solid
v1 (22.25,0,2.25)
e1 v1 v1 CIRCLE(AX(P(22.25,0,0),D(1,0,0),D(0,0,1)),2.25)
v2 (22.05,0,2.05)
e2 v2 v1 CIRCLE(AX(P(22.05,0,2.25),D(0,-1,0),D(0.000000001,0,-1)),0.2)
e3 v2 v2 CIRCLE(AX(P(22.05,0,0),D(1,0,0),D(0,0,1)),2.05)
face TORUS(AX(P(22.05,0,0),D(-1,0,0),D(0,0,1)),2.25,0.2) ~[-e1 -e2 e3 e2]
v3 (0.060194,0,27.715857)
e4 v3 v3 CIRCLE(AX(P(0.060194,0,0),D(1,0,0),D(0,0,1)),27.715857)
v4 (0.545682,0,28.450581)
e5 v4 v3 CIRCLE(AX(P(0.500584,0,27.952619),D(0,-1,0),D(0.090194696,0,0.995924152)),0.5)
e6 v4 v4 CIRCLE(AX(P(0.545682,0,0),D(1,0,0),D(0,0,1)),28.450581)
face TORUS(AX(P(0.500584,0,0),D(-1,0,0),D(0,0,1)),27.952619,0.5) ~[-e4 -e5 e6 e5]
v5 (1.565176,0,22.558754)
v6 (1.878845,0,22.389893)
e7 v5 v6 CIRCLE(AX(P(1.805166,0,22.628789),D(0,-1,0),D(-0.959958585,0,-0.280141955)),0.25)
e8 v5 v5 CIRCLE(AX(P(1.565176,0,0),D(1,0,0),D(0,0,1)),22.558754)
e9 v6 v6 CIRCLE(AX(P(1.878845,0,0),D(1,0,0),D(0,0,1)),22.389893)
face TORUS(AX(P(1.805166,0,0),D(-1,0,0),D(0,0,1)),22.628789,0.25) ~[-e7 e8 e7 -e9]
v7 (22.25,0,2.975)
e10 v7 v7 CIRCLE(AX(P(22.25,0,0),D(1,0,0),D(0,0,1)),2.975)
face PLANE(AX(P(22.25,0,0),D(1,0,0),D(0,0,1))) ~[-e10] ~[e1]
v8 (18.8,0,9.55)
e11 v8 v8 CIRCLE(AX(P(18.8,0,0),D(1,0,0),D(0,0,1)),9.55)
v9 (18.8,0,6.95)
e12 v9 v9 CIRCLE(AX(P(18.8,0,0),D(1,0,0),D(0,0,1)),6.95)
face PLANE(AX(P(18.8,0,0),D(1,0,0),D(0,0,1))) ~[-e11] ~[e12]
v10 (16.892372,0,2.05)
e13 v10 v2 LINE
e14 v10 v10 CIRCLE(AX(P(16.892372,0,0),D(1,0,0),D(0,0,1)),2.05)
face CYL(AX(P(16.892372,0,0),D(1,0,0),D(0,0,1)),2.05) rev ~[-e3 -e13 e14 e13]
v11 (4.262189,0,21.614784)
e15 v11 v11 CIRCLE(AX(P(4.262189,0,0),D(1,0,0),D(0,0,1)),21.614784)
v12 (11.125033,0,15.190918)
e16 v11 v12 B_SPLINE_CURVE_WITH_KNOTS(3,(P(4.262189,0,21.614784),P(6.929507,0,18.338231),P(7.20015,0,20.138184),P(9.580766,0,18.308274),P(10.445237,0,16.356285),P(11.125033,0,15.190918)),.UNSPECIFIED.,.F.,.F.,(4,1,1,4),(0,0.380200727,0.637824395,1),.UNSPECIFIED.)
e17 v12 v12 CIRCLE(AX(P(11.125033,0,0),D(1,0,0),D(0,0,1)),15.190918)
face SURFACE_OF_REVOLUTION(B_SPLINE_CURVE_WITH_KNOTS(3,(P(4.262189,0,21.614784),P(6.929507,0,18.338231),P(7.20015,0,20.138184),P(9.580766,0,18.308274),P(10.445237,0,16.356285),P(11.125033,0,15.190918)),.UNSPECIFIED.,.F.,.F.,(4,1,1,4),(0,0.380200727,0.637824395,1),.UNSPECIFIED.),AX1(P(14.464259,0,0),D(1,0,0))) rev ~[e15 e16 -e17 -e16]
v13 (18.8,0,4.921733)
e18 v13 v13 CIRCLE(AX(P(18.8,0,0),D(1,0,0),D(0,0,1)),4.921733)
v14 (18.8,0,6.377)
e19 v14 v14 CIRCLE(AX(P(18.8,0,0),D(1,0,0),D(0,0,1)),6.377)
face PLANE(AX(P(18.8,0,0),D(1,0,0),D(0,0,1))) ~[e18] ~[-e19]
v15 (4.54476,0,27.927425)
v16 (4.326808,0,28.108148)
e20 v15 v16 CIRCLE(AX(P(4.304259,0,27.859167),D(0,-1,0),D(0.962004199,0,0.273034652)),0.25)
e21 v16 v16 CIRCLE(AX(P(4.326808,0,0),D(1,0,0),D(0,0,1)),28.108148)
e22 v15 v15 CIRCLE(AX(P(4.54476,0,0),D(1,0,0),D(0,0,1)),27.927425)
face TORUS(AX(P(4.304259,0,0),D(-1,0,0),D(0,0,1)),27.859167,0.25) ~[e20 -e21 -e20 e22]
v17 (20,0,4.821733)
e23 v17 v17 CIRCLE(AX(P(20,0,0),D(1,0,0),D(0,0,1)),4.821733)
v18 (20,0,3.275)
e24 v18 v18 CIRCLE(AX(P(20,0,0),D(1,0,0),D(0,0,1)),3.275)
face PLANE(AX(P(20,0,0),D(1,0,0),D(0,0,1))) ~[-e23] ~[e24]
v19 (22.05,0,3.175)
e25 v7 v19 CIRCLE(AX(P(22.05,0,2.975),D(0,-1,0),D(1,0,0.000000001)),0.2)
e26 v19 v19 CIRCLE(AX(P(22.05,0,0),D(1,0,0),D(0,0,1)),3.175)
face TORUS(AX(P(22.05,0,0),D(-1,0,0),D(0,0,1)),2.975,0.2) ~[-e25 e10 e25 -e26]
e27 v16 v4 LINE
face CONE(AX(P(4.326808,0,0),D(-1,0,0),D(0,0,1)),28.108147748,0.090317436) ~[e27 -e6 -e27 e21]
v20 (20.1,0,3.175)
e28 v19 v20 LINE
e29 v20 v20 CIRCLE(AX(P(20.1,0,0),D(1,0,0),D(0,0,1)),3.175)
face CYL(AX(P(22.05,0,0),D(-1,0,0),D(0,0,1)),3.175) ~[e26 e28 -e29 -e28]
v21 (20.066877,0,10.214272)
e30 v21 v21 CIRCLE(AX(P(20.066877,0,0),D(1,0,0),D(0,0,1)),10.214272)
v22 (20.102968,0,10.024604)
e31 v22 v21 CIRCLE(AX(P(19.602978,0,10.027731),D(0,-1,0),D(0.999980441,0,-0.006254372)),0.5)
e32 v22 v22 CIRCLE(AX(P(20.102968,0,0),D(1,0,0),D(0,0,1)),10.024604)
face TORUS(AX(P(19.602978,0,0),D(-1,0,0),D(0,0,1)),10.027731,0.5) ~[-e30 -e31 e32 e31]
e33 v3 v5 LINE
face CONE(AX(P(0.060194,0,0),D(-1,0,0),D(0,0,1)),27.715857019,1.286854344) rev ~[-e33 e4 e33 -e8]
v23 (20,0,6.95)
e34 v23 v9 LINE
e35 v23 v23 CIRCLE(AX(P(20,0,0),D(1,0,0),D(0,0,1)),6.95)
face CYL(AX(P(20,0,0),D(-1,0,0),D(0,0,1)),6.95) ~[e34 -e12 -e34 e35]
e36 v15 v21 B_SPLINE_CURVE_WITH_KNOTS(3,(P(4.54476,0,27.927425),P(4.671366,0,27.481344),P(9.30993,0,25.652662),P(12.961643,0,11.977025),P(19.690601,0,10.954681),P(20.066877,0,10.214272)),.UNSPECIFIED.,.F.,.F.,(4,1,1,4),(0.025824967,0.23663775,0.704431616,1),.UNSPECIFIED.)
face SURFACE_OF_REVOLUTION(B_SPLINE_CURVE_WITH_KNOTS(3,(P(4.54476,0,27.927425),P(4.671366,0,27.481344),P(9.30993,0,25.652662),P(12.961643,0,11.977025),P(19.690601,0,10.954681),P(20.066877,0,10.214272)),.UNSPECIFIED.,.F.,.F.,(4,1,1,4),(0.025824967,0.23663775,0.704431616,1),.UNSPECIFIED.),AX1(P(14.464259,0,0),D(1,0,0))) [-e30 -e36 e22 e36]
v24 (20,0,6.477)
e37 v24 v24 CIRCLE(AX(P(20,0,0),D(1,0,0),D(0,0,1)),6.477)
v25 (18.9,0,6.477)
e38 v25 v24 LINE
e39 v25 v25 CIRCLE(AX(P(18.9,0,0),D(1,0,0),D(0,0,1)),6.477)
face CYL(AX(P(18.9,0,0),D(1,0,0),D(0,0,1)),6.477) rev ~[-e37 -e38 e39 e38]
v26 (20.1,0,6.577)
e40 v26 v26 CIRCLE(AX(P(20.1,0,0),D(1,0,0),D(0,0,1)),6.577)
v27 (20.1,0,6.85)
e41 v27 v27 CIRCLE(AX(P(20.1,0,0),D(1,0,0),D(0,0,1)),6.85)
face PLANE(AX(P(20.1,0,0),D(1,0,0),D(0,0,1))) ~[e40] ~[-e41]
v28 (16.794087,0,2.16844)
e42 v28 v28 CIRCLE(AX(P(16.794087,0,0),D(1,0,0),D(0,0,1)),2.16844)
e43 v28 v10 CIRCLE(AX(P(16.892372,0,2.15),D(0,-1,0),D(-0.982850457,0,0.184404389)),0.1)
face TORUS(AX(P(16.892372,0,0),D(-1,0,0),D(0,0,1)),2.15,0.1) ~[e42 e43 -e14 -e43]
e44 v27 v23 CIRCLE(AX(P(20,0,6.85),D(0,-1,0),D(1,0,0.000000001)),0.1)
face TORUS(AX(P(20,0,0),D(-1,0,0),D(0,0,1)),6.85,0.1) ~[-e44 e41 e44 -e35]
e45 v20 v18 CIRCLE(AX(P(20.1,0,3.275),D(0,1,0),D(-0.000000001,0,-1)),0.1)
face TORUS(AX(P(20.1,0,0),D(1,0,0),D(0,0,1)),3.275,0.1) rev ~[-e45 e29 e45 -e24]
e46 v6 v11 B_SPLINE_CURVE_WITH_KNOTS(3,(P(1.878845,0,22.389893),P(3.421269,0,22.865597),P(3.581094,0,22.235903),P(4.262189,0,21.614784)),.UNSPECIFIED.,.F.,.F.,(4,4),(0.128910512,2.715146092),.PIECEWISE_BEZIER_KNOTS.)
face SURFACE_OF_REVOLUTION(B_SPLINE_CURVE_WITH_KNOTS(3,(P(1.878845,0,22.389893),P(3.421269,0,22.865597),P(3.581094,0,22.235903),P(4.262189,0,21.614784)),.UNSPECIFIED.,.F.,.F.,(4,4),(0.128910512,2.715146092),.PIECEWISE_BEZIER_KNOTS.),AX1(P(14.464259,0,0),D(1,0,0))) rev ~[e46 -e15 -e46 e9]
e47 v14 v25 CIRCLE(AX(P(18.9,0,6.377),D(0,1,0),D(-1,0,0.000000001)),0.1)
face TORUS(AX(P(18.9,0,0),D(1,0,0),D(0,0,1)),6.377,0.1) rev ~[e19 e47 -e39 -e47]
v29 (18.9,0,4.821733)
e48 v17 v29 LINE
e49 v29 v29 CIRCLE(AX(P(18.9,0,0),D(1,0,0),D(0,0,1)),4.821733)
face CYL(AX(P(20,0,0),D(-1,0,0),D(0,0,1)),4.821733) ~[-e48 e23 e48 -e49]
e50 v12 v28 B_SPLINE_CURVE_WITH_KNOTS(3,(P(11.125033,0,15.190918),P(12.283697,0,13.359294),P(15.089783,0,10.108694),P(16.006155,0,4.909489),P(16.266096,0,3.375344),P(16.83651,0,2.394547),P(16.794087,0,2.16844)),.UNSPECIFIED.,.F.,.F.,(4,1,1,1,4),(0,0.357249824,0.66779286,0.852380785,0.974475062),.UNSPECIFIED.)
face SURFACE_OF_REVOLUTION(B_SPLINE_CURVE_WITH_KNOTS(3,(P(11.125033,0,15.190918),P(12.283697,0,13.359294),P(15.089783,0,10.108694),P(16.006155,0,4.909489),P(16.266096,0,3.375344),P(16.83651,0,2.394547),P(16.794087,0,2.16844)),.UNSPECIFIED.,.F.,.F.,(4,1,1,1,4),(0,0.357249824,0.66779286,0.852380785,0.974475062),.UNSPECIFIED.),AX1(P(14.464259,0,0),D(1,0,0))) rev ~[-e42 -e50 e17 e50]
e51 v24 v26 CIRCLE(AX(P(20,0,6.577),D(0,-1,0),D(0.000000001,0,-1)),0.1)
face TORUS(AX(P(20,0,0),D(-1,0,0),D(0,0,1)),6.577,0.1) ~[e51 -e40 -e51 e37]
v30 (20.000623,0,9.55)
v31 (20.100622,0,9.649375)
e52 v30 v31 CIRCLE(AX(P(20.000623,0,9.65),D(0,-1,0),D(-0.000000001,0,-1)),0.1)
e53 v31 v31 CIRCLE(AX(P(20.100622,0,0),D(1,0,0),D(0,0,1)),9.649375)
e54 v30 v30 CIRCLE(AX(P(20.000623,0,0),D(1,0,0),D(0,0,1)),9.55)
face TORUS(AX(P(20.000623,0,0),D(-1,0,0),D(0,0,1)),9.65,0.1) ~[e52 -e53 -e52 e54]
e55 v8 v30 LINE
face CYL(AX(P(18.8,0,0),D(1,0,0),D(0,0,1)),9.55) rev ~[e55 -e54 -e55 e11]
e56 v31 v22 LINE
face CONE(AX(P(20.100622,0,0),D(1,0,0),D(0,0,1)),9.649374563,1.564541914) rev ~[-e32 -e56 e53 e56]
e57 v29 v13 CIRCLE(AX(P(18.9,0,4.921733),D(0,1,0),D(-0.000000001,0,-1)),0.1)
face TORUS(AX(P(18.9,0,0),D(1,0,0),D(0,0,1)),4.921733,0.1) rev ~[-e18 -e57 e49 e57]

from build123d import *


with BuildPart() as f1:
    # F0 (on Front) → F1 (revolve)
    with BuildSketch(Plane.XZ):
        with BuildLine():
            ThreePointArc((22.25, 2.975), (22.1914213562, 3.1164213562), (22.05, 3.175))
            Line((22.05, 3.175), (20.1, 3.175))
            ThreePointArc((20.1, 3.175), (20.0292893219, 3.2042893219), (20, 3.275))
            Line((20, 3.275), (20, 4.8217329141))
            Line((20, 4.8217329141), (18.9, 4.8217329141))
            ThreePointArc((18.9, 4.8217329141), (18.8292893219, 4.851022236), (18.8, 4.9217329141))
            Line((18.8, 4.9217329141), (18.8, 6.377))
            ThreePointArc((18.8, 6.377), (18.8292893219, 6.4477106781), (18.9, 6.477))
            Line((18.9, 6.477), (20, 6.477))
            ThreePointArc((20, 6.477), (20.0707106781, 6.5062893219), (20.1, 6.577))
            Line((20.1, 6.577), (20.1, 6.85))
            ThreePointArc((20.1, 6.85), (20.0707106781, 6.9207106781), (20, 6.95))
            Line((20, 6.95), (18.8, 6.95))
            Line((18.8, 6.95), (18.8, 9.55))
            Line((18.8, 9.55), (20.0006234935, 9.55))
            ThreePointArc((20.0006234935, 9.55), (20.0711126994, 9.5790685411), (20.1006215376, 9.6493745628))
            Line((20.1006215376, 9.6493745628), (20.1029684052, 10.024603545))
            ThreePointArc((20.1029684052, 10.024603545), (20.0941646811, 10.1211963699), (20.0668772567, 10.2142720157))
            add(Edge.make_bspline(
                [(4.5447602637, 27.9274253725), (4.6713664841, 27.48134384), (9.3099304524, 25.6526622776), (12.9616430293, 11.9770249452), (19.6906012188, 10.9546805422), (20.0668772567, 10.2142720157)],
                knots=[0.025824967, 0.025824967, 0.025824967, 0.025824967, 0.2366377499, 0.7044316163, 1, 1, 1, 1], degree=3))
            ThreePointArc((4.5447602637, 27.9274253725), (4.4638334396, 28.0516142778), (4.3268078879, 28.1081477477))
            Line((4.3268078879, 28.1081477477), (0.5456815303, 28.4505809959))
            ThreePointArc((0.5456815303, 28.4505809959), (0.0834283339, 28.2282654292), (0.0601936713, 27.7158570187))
            Line((0.0601936713, 27.7158570187), (1.5651762801, 22.5587538258))
            ThreePointArc((1.5651762801, 22.5587538258), (1.6866614228, 22.4086605282), (1.8788447177, 22.3898930283))
            add(Edge.make_bspline(
                [(1.8788447177, 22.3898930283), (3.4212691123, 22.8655972216), (3.5810942293, 22.2359033355), (4.2621889152, 21.6147843748)],
                knots=[0.1289105121, 0.1289105121, 0.1289105121, 0.1289105121, 2.7151460925, 2.7151460925, 2.7151460925, 2.7151460925], degree=3))
            add(Edge.make_bspline(
                [(4.2621889152, 21.6147843748), (6.9295074791, 18.3382313699), (7.200149812, 20.1381836594), (9.5807658678, 18.3082741748), (10.4452366063, 16.356284881), (11.1250332984, 15.1909183277)],
                knots=[0, 0, 0, 0, 0.3802007269, 0.6378243951, 1, 1, 1, 1], degree=3))
            add(Edge.make_bspline(
                [(11.1250332984, 15.1909183277), (12.2836973635, 13.3592937673), (15.0897828005, 10.1086941946), (16.0061548158, 4.9094891002), (16.2660960248, 3.3753435331), (16.8365100225, 2.3945474061), (16.7940873763, 2.1684404389)],
                knots=[0, 0, 0, 0, 0.3572498244, 0.6677928603, 0.852380785, 0.9744750619, 0.9744750619, 0.9744750619, 0.9744750619], degree=3))
            ThreePointArc((16.7940873763, 2.1684404389), (16.8154177474, 2.0861409517), (16.892372422, 2.05))
            Line((16.892372422, 2.05), (22.05, 2.05))
            ThreePointArc((22.05, 2.05), (22.1914213562, 2.1085786438), (22.25, 2.25))
            Line((22.25, 2.25), (22.25, 2.975))
        make_face()
    revolve(axis=Axis((14.4642590044, 0, 0), (1, 0, 0)))


solid = f1.part
